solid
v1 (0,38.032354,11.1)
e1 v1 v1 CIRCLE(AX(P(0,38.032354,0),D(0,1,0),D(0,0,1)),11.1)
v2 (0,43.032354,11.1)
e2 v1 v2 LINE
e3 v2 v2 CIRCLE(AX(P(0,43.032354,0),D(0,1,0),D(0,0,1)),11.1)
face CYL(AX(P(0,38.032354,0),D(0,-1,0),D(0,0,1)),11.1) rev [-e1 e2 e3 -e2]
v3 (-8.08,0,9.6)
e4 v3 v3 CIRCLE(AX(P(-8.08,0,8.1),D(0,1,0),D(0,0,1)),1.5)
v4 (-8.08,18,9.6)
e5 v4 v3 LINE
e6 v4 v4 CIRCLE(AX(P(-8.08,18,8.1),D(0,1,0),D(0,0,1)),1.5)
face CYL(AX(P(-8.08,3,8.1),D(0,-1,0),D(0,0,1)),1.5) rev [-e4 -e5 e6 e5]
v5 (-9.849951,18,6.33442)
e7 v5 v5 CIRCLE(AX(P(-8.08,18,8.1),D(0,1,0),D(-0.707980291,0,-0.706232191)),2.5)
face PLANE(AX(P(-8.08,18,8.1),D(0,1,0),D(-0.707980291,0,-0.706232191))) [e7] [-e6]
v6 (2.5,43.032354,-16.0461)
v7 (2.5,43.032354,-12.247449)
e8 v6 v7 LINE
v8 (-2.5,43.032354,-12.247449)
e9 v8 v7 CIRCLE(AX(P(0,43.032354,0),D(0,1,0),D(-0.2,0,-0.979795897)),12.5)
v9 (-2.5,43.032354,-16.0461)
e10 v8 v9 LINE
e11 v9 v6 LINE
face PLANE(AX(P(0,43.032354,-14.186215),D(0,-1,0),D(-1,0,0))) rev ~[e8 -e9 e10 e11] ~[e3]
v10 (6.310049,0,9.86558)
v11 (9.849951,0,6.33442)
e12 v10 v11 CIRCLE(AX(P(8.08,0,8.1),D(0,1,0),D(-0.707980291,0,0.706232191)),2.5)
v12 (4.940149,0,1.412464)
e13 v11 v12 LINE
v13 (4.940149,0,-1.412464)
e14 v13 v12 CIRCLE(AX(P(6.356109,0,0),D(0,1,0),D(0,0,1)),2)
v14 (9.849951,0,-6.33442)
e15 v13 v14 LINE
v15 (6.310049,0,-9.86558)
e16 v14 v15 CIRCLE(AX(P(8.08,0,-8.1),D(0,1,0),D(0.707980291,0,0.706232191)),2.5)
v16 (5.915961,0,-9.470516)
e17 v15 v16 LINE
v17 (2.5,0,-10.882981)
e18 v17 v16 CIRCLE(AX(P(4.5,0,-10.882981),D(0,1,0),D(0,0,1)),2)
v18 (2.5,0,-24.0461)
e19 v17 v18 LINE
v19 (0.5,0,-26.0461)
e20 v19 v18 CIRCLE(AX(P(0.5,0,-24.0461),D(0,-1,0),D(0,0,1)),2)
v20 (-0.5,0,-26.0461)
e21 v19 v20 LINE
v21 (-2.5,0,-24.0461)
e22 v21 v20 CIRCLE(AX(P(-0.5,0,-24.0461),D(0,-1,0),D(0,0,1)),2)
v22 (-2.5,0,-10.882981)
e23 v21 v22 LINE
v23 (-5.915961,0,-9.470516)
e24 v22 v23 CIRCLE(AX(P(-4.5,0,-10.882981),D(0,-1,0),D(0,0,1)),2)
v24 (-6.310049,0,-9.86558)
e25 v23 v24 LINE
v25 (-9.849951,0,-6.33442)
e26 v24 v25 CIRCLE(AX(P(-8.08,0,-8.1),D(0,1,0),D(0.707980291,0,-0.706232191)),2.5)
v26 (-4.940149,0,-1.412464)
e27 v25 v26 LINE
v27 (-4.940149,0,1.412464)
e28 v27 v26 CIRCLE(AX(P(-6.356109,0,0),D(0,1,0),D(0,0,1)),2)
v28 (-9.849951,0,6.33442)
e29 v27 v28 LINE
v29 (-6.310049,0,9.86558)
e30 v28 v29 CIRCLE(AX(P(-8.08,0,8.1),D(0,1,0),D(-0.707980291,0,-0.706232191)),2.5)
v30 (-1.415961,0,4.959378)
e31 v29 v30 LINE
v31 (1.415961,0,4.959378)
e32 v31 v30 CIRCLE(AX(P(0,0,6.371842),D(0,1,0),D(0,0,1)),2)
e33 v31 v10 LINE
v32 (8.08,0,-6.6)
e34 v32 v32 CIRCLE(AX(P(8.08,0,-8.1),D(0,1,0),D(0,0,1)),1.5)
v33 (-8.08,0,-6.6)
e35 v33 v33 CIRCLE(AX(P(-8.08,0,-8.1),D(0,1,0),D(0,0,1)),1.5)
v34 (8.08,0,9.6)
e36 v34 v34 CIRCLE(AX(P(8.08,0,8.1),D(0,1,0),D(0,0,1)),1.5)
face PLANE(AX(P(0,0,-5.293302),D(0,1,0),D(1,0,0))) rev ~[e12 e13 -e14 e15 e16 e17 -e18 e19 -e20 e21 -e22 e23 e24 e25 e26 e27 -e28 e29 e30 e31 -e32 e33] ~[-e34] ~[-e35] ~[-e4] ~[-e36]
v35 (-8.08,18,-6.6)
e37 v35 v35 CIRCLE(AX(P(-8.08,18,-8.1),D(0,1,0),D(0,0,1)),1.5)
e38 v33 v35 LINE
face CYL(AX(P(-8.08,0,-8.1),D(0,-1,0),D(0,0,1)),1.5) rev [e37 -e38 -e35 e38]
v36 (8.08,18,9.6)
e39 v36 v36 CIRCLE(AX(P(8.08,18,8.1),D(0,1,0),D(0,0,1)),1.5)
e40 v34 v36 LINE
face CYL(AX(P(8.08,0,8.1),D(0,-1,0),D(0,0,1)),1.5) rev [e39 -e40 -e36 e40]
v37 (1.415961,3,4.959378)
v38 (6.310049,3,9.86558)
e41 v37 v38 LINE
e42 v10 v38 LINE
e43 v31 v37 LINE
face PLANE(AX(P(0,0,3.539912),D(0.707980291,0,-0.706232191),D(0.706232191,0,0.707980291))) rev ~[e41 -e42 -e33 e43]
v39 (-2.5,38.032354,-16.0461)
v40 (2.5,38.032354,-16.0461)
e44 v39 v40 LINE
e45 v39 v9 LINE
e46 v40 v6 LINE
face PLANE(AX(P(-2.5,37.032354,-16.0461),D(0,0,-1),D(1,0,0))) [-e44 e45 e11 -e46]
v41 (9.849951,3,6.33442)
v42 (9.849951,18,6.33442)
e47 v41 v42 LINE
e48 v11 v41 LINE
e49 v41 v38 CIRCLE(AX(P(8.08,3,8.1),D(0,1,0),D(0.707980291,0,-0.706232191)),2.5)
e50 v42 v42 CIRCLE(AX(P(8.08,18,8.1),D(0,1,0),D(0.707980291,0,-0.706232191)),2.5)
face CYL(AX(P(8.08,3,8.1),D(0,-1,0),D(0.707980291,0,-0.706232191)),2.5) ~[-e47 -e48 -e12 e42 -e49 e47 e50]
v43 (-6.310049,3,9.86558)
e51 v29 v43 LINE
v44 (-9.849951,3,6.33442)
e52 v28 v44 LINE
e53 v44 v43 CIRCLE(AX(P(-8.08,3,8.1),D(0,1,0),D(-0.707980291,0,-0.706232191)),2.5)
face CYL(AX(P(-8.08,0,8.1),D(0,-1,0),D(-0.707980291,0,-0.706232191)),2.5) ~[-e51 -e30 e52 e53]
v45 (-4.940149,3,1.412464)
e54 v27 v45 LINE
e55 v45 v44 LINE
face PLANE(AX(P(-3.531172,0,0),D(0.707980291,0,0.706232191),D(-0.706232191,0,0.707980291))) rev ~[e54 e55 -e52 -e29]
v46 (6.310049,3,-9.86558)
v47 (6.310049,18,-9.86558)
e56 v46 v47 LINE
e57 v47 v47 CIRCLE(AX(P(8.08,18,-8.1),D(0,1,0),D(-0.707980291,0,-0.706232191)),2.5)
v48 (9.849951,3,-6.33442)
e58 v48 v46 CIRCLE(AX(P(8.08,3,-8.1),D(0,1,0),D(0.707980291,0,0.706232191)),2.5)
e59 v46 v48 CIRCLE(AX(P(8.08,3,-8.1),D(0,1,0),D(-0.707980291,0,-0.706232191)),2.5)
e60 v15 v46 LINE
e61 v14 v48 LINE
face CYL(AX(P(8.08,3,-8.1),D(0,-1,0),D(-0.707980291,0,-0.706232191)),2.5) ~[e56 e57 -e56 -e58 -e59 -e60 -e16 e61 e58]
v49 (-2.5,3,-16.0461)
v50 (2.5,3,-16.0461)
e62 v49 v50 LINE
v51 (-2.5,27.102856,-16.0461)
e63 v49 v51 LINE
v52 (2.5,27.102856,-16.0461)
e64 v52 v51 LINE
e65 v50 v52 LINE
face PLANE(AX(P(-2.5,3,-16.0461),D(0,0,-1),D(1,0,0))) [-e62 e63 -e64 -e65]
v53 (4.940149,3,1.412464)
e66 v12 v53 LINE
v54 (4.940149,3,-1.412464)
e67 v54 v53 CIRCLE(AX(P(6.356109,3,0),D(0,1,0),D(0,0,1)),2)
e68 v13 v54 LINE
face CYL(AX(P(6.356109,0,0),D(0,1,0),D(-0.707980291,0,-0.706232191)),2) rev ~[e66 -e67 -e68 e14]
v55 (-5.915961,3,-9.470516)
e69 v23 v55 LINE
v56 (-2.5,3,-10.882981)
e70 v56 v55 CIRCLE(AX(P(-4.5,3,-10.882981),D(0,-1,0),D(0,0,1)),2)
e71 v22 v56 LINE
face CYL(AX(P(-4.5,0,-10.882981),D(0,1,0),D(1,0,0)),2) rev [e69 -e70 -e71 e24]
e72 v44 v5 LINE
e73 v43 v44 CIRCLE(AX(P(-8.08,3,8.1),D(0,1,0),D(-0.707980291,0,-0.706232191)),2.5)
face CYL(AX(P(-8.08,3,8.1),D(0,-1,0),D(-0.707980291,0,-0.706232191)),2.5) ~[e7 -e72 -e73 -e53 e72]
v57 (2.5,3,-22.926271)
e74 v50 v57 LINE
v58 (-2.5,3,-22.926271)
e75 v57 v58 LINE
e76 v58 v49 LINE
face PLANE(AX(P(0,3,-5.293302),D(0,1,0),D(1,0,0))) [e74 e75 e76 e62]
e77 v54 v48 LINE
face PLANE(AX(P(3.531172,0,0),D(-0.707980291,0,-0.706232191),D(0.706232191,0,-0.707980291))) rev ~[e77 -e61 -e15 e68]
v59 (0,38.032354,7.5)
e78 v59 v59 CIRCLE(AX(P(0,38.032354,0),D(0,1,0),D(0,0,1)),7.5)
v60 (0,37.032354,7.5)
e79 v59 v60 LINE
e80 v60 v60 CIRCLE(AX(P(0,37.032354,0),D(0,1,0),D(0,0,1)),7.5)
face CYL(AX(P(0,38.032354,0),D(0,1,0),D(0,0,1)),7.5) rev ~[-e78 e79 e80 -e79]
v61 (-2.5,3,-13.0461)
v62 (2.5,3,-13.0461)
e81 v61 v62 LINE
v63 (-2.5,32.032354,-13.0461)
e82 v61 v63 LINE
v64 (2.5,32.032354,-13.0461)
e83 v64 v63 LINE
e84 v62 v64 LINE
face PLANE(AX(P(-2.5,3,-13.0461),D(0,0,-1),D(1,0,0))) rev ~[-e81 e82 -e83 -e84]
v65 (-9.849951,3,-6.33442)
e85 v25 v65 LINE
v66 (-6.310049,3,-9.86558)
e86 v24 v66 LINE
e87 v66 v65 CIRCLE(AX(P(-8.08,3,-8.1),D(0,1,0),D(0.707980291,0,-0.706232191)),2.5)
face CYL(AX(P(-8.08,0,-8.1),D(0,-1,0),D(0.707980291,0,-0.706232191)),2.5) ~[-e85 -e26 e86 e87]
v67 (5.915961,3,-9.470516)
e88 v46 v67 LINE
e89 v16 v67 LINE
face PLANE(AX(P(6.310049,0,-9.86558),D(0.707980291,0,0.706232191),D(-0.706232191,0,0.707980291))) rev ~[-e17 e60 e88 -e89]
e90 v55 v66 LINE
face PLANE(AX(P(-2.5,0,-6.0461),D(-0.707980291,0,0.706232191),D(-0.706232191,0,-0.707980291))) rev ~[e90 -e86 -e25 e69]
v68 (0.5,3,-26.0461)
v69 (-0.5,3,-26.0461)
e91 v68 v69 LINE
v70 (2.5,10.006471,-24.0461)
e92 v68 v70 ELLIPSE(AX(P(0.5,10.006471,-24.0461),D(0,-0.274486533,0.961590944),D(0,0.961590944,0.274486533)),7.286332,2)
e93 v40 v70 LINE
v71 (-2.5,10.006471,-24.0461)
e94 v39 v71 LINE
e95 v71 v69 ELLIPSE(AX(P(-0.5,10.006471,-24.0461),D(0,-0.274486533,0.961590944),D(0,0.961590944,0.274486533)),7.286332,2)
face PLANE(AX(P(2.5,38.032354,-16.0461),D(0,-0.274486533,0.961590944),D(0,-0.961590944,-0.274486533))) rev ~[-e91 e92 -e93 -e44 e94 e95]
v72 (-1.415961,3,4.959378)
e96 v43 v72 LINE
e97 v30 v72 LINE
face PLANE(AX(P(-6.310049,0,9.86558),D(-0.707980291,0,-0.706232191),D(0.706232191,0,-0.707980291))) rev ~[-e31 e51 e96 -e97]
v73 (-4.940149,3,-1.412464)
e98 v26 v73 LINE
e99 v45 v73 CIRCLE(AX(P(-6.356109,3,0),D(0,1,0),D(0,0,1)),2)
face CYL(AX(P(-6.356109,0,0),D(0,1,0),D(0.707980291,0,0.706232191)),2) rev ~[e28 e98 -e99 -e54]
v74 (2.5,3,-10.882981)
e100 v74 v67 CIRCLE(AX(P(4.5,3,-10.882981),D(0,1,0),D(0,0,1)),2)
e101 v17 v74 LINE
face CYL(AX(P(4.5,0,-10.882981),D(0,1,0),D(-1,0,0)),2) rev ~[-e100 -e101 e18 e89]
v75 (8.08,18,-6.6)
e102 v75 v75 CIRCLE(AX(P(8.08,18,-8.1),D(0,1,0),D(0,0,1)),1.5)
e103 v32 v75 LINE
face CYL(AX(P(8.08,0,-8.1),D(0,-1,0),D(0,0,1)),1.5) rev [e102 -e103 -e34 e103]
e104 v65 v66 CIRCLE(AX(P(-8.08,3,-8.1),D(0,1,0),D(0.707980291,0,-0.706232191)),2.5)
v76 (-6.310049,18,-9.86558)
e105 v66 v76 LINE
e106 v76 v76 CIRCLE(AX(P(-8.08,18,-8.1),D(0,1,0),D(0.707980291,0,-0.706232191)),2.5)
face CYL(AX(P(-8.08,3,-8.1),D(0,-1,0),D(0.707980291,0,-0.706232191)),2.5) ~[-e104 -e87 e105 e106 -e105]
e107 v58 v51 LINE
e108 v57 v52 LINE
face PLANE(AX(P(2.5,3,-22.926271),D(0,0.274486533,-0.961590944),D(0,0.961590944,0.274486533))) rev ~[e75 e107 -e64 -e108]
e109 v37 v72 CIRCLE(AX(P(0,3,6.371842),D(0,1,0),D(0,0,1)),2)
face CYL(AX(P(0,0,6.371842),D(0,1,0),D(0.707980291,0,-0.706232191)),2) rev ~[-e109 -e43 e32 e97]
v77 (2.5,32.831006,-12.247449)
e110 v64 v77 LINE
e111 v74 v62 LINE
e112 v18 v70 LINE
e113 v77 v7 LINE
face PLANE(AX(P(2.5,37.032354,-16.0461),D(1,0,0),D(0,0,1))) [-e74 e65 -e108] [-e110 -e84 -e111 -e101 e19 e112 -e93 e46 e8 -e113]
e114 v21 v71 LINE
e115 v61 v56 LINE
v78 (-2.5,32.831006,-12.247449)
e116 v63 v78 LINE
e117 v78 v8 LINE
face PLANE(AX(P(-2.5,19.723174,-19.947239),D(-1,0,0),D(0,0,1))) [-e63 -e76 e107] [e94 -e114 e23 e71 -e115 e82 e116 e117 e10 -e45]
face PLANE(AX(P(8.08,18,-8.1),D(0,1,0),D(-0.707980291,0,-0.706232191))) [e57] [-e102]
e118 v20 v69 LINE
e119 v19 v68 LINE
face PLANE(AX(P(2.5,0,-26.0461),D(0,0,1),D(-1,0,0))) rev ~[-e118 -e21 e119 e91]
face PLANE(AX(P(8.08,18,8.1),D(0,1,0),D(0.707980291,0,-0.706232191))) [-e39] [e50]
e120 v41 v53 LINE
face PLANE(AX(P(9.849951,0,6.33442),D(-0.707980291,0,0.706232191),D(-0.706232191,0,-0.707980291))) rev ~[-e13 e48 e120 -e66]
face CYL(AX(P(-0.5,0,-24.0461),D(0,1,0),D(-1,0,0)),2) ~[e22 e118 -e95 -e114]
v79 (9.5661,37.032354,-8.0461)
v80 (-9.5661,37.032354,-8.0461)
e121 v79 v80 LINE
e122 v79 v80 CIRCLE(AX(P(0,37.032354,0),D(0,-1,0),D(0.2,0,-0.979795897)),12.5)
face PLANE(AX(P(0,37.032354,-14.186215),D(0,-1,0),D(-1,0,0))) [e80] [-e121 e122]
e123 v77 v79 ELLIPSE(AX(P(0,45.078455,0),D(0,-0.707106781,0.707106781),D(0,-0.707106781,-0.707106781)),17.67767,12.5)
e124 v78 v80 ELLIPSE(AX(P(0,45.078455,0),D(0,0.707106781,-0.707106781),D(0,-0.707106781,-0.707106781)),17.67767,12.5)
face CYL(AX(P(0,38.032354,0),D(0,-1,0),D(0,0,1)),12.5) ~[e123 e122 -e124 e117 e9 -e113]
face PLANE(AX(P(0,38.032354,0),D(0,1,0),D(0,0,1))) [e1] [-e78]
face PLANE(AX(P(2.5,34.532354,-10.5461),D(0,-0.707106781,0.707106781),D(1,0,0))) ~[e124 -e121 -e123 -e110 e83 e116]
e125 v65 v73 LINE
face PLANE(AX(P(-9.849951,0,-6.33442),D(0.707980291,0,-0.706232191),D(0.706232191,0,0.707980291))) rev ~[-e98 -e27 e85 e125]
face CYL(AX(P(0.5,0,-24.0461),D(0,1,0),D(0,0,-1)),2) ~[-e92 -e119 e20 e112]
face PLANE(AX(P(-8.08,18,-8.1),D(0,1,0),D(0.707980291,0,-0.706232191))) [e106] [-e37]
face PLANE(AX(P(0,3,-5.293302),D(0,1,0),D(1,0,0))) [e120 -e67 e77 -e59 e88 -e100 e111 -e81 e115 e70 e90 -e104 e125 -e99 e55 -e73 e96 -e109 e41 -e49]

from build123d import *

# Parameters (mm, degrees)
SKETCH_1_R           = 1.5
EXTRUDE_1_DEPTH      = 3
SKETCH_2_R           = 2.5
SKETCH_2_R_2         = 1.5
EXTRUDE_2_DEPTH      = 15
SKETCH_3_W           = 5
SKETCH_3_H           = 3
EXTRUDE_3_DEPTH      = 35.032354187
EXTRUDE_4_DEPTH      = 5
SKETCH_5_R           = 12.5
SKETCH_5_R_2         = 7.5
EXTRUDE_5_DEPTH      = 1
SKETCH_6_R           = 12.5
SKETCH_6_R_2         = 11.1
EXTRUDE_6_DEPTH      = 5
EXTRUDE_7_DEPTH      = 5
EXTRUDE_7_DEPTH_BACK = 1
CHAMFER_1_SIZE       = 5
FILLET_1_R           = 2


with BuildPart() as part:
    # Эскиз1 → Бобышка-Вытянуть1 (new body)
    with BuildSketch(Plane(origin=(0, 0, 0), x_dir=(1, 0, 0), z_dir=(0, 1, 0))):
        with BuildLine():
            Line((-6.310049273, -9.865580478), (0, -3.539912271))
            Line((0, -3.539912271), (6.310049273, -9.865580478))
            ThreePointArc((6.310049273, -9.865580478), (9.845580478, -9.869950727), (9.849950727, -6.334419522))
            Line((9.849950727, -6.334419522), (3.531171747, 0))
            Line((3.531171747, 0), (9.849950727, 6.334419522))
            ThreePointArc((9.849950727, 6.334419522), (9.845580478, 9.869950727), (6.310049273, 9.865580478))
            Line((6.310049273, 9.865580478), (2.5, 6.04610039))
            Line((2.5, 6.04610039), (2.5, 26.04610039))
            Line((2.5, 26.04610039), (-2.5, 26.04610039))
            Line((-2.5, 26.04610039), (-2.5, 6.04610039))
            Line((-2.5, 6.04610039), (-6.310049273, 9.865580478))
            ThreePointArc((-6.310049273, 9.865580478), (-9.845580478, 9.869950727), (-9.849950727, 6.334419522))
            Line((-9.849950727, 6.334419522), (-3.531171747, 0))
            Line((-3.531171747, 0), (-9.849950727, -6.334419522))
            ThreePointArc((-9.849950727, -6.334419522), (-9.845580478, -9.869950727), (-6.310049273, -9.865580478))
        make_face()
        with Locations(Location((-8.08, 8.1, 0), (0, 0, 270))):
            Circle(SKETCH_1_R, mode=Mode.SUBTRACT)
        with Locations(Location((8.08, 8.1, 0), (0, 0, 270))):
            Circle(SKETCH_1_R, mode=Mode.SUBTRACT)
        with Locations(Location((-8.08, -8.1, 0), (0, 0, 270))):
            Circle(SKETCH_1_R, mode=Mode.SUBTRACT)
        with Locations(Location((8.08, -8.1, 0), (0, 0, 270))):
            Circle(SKETCH_1_R, mode=Mode.SUBTRACT)
    extrude(amount=EXTRUDE_1_DEPTH)

    # Эскиз2 → Бобышка-Вытянуть2 (add)
    # profile 1 of 4: a face of its own
    with BuildSketch(Plane(origin=(0, 3, 0), x_dir=(1, 0, 0), z_dir=(0, 1, 0))):
        with Locations(Location((-8.08, -8.1, 0), (0, 0, 135.07082293))):
            Circle(SKETCH_2_R)
        with Locations(Location((-8.08, -8.1, 0), (0, 0, 270))):
            Circle(SKETCH_2_R_2, mode=Mode.SUBTRACT)
    # profile 2 of 4: a face of its own
    with BuildSketch(Plane(origin=(0, 3, 0), x_dir=(1, 0, 0), z_dir=(0, 1, 0))):
        with Locations(Location((-8.08, 8.1, 0), (0, 0, 44.92917707))):
            Circle(SKETCH_2_R)
        with Locations(Location((-8.08, 8.1, 0), (0, 0, 270))):
            Circle(SKETCH_2_R_2, mode=Mode.SUBTRACT)
    # profile 3 of 4: a face of its own
    with BuildSketch(Plane(origin=(0, 3, 0), x_dir=(1, 0, 0), z_dir=(0, 1, 0))):
        with Locations(Location((8.08, 8.1, 0), (0, 0, 135.07082293))):
            Circle(SKETCH_2_R)
        with Locations(Location((8.08, 8.1, 0), (0, 0, 270))):
            Circle(SKETCH_2_R_2, mode=Mode.SUBTRACT)
    # profile 4 of 4: a face of its own
    with BuildSketch(Plane(origin=(0, 3, 0), x_dir=(1, 0, 0), z_dir=(0, 1, 0))):
        with Locations(Location((8.08, -8.1, 0), (0, 0, 44.92917707))):
            Circle(SKETCH_2_R)
        with Locations(Location((8.08, -8.1, 0), (0, 0, 270))):
            Circle(SKETCH_2_R_2, mode=Mode.SUBTRACT)
    extrude(amount=EXTRUDE_2_DEPTH)

    # Эскиз3 → Бобышка-Вытянуть3 (add)
    with BuildSketch(Plane(origin=(0, 3, 0), x_dir=(1, 0, 0), z_dir=(0, 1, 0))):
        with Locations((0, 14.54610039)):
            Rectangle(SKETCH_3_W, SKETCH_3_H)
    extrude(amount=EXTRUDE_3_DEPTH)

    # Эскиз4 → Бобышка-Вытянуть4 (add)
    with BuildSketch(Plane(origin=(2.5, 0, 0), x_dir=(0, 0, -1), z_dir=(1, 0, 0))):
        Polygon((16.04610039, 38.032354187), (26.04610039, 3), (22.926270675, 3), (16.04610039, 27.10285623), align=None)
    extrude(amount=-EXTRUDE_4_DEPTH)



with BuildPart() as body_2:
    # Эскиз5 → Бобышка-Вытянуть5 (new body)
    with BuildSketch(Plane(origin=(0, 38.032354187, 0), x_dir=(1, 0, 0), z_dir=(0, 1, 0))):
        with Locations(Location((0, 0, 0), (0, 0, 270))):
            Circle(SKETCH_5_R)
        with Locations(Location((0, 0, 0), (0, 0, 270))):
            Circle(SKETCH_5_R_2, mode=Mode.SUBTRACT)
    extrude(amount=-EXTRUDE_5_DEPTH)

    # Эскиз6 → Бобышка-Вытянуть6 (add)
    with BuildSketch(Plane(origin=(0, 38.032354187, 0), x_dir=(1, 0, 0), z_dir=(0, 1, 0))):
        with Locations(Location((0, 0, 0), (0, 0, 270))):
            Circle(SKETCH_6_R)
        with Locations(Location((0, 0, 0), (0, 0, 270))):
            Circle(SKETCH_6_R_2, mode=Mode.SUBTRACT)
    extrude(amount=EXTRUDE_6_DEPTH)


with BuildPart() as part_1:
    add(part.part)

    add(body_2.part)  # Бобышка-Вытянуть7 merges body 2
    # Эскиз7 → Бобышка-Вытянуть7 (add, two sides: drawn at the far end of the back side and taken through both)
    with BuildSketch(Plane(origin=(0, 38.032354187, 0), x_dir=(1, 0, 0), z_dir=(0, 1, 0)).offset(-EXTRUDE_7_DEPTH_BACK)):
        with BuildLine():
            Line((-2.5, 16.04610039), (2.5, 16.04610039))
            Line((2.5, 16.04610039), (2.5, 12.247448714))
            ThreePointArc((2.5, 12.247448714), (0, 12.5), (-2.5, 12.247448714))
            Line((-2.5, 12.247448714), (-2.5, 16.04610039))
        make_face()
    extrude(amount=EXTRUDE_7_DEPTH + EXTRUDE_7_DEPTH_BACK)

    # Фаска1
    chamfer_1_edges = [part_1.edges().sort_by_distance(p)[0] for p in [
        (0, 37.032354187, -13.04610039),
    ]]
    chamfer(chamfer_1_edges, length=CHAMFER_1_SIZE)

    # Скругление1
    fillet_1_edges = [part_1.edges().sort_by_distance(p)[0] for p in [
        (-3.531171747, 1.5, 0),
        (-2.5, 1.5, -6.04610039),
        (-2.5, 1.5, -26.04610039),
        (2.5, 1.5, -26.04610039),
        (2.5, 1.5, -6.04610039),
        (3.531171747, 1.5, 0),
        (0, 1.5, 3.539912271),
    ]]
    fillet(fillet_1_edges, radius=FILLET_1_R)


solid = part_1.part
